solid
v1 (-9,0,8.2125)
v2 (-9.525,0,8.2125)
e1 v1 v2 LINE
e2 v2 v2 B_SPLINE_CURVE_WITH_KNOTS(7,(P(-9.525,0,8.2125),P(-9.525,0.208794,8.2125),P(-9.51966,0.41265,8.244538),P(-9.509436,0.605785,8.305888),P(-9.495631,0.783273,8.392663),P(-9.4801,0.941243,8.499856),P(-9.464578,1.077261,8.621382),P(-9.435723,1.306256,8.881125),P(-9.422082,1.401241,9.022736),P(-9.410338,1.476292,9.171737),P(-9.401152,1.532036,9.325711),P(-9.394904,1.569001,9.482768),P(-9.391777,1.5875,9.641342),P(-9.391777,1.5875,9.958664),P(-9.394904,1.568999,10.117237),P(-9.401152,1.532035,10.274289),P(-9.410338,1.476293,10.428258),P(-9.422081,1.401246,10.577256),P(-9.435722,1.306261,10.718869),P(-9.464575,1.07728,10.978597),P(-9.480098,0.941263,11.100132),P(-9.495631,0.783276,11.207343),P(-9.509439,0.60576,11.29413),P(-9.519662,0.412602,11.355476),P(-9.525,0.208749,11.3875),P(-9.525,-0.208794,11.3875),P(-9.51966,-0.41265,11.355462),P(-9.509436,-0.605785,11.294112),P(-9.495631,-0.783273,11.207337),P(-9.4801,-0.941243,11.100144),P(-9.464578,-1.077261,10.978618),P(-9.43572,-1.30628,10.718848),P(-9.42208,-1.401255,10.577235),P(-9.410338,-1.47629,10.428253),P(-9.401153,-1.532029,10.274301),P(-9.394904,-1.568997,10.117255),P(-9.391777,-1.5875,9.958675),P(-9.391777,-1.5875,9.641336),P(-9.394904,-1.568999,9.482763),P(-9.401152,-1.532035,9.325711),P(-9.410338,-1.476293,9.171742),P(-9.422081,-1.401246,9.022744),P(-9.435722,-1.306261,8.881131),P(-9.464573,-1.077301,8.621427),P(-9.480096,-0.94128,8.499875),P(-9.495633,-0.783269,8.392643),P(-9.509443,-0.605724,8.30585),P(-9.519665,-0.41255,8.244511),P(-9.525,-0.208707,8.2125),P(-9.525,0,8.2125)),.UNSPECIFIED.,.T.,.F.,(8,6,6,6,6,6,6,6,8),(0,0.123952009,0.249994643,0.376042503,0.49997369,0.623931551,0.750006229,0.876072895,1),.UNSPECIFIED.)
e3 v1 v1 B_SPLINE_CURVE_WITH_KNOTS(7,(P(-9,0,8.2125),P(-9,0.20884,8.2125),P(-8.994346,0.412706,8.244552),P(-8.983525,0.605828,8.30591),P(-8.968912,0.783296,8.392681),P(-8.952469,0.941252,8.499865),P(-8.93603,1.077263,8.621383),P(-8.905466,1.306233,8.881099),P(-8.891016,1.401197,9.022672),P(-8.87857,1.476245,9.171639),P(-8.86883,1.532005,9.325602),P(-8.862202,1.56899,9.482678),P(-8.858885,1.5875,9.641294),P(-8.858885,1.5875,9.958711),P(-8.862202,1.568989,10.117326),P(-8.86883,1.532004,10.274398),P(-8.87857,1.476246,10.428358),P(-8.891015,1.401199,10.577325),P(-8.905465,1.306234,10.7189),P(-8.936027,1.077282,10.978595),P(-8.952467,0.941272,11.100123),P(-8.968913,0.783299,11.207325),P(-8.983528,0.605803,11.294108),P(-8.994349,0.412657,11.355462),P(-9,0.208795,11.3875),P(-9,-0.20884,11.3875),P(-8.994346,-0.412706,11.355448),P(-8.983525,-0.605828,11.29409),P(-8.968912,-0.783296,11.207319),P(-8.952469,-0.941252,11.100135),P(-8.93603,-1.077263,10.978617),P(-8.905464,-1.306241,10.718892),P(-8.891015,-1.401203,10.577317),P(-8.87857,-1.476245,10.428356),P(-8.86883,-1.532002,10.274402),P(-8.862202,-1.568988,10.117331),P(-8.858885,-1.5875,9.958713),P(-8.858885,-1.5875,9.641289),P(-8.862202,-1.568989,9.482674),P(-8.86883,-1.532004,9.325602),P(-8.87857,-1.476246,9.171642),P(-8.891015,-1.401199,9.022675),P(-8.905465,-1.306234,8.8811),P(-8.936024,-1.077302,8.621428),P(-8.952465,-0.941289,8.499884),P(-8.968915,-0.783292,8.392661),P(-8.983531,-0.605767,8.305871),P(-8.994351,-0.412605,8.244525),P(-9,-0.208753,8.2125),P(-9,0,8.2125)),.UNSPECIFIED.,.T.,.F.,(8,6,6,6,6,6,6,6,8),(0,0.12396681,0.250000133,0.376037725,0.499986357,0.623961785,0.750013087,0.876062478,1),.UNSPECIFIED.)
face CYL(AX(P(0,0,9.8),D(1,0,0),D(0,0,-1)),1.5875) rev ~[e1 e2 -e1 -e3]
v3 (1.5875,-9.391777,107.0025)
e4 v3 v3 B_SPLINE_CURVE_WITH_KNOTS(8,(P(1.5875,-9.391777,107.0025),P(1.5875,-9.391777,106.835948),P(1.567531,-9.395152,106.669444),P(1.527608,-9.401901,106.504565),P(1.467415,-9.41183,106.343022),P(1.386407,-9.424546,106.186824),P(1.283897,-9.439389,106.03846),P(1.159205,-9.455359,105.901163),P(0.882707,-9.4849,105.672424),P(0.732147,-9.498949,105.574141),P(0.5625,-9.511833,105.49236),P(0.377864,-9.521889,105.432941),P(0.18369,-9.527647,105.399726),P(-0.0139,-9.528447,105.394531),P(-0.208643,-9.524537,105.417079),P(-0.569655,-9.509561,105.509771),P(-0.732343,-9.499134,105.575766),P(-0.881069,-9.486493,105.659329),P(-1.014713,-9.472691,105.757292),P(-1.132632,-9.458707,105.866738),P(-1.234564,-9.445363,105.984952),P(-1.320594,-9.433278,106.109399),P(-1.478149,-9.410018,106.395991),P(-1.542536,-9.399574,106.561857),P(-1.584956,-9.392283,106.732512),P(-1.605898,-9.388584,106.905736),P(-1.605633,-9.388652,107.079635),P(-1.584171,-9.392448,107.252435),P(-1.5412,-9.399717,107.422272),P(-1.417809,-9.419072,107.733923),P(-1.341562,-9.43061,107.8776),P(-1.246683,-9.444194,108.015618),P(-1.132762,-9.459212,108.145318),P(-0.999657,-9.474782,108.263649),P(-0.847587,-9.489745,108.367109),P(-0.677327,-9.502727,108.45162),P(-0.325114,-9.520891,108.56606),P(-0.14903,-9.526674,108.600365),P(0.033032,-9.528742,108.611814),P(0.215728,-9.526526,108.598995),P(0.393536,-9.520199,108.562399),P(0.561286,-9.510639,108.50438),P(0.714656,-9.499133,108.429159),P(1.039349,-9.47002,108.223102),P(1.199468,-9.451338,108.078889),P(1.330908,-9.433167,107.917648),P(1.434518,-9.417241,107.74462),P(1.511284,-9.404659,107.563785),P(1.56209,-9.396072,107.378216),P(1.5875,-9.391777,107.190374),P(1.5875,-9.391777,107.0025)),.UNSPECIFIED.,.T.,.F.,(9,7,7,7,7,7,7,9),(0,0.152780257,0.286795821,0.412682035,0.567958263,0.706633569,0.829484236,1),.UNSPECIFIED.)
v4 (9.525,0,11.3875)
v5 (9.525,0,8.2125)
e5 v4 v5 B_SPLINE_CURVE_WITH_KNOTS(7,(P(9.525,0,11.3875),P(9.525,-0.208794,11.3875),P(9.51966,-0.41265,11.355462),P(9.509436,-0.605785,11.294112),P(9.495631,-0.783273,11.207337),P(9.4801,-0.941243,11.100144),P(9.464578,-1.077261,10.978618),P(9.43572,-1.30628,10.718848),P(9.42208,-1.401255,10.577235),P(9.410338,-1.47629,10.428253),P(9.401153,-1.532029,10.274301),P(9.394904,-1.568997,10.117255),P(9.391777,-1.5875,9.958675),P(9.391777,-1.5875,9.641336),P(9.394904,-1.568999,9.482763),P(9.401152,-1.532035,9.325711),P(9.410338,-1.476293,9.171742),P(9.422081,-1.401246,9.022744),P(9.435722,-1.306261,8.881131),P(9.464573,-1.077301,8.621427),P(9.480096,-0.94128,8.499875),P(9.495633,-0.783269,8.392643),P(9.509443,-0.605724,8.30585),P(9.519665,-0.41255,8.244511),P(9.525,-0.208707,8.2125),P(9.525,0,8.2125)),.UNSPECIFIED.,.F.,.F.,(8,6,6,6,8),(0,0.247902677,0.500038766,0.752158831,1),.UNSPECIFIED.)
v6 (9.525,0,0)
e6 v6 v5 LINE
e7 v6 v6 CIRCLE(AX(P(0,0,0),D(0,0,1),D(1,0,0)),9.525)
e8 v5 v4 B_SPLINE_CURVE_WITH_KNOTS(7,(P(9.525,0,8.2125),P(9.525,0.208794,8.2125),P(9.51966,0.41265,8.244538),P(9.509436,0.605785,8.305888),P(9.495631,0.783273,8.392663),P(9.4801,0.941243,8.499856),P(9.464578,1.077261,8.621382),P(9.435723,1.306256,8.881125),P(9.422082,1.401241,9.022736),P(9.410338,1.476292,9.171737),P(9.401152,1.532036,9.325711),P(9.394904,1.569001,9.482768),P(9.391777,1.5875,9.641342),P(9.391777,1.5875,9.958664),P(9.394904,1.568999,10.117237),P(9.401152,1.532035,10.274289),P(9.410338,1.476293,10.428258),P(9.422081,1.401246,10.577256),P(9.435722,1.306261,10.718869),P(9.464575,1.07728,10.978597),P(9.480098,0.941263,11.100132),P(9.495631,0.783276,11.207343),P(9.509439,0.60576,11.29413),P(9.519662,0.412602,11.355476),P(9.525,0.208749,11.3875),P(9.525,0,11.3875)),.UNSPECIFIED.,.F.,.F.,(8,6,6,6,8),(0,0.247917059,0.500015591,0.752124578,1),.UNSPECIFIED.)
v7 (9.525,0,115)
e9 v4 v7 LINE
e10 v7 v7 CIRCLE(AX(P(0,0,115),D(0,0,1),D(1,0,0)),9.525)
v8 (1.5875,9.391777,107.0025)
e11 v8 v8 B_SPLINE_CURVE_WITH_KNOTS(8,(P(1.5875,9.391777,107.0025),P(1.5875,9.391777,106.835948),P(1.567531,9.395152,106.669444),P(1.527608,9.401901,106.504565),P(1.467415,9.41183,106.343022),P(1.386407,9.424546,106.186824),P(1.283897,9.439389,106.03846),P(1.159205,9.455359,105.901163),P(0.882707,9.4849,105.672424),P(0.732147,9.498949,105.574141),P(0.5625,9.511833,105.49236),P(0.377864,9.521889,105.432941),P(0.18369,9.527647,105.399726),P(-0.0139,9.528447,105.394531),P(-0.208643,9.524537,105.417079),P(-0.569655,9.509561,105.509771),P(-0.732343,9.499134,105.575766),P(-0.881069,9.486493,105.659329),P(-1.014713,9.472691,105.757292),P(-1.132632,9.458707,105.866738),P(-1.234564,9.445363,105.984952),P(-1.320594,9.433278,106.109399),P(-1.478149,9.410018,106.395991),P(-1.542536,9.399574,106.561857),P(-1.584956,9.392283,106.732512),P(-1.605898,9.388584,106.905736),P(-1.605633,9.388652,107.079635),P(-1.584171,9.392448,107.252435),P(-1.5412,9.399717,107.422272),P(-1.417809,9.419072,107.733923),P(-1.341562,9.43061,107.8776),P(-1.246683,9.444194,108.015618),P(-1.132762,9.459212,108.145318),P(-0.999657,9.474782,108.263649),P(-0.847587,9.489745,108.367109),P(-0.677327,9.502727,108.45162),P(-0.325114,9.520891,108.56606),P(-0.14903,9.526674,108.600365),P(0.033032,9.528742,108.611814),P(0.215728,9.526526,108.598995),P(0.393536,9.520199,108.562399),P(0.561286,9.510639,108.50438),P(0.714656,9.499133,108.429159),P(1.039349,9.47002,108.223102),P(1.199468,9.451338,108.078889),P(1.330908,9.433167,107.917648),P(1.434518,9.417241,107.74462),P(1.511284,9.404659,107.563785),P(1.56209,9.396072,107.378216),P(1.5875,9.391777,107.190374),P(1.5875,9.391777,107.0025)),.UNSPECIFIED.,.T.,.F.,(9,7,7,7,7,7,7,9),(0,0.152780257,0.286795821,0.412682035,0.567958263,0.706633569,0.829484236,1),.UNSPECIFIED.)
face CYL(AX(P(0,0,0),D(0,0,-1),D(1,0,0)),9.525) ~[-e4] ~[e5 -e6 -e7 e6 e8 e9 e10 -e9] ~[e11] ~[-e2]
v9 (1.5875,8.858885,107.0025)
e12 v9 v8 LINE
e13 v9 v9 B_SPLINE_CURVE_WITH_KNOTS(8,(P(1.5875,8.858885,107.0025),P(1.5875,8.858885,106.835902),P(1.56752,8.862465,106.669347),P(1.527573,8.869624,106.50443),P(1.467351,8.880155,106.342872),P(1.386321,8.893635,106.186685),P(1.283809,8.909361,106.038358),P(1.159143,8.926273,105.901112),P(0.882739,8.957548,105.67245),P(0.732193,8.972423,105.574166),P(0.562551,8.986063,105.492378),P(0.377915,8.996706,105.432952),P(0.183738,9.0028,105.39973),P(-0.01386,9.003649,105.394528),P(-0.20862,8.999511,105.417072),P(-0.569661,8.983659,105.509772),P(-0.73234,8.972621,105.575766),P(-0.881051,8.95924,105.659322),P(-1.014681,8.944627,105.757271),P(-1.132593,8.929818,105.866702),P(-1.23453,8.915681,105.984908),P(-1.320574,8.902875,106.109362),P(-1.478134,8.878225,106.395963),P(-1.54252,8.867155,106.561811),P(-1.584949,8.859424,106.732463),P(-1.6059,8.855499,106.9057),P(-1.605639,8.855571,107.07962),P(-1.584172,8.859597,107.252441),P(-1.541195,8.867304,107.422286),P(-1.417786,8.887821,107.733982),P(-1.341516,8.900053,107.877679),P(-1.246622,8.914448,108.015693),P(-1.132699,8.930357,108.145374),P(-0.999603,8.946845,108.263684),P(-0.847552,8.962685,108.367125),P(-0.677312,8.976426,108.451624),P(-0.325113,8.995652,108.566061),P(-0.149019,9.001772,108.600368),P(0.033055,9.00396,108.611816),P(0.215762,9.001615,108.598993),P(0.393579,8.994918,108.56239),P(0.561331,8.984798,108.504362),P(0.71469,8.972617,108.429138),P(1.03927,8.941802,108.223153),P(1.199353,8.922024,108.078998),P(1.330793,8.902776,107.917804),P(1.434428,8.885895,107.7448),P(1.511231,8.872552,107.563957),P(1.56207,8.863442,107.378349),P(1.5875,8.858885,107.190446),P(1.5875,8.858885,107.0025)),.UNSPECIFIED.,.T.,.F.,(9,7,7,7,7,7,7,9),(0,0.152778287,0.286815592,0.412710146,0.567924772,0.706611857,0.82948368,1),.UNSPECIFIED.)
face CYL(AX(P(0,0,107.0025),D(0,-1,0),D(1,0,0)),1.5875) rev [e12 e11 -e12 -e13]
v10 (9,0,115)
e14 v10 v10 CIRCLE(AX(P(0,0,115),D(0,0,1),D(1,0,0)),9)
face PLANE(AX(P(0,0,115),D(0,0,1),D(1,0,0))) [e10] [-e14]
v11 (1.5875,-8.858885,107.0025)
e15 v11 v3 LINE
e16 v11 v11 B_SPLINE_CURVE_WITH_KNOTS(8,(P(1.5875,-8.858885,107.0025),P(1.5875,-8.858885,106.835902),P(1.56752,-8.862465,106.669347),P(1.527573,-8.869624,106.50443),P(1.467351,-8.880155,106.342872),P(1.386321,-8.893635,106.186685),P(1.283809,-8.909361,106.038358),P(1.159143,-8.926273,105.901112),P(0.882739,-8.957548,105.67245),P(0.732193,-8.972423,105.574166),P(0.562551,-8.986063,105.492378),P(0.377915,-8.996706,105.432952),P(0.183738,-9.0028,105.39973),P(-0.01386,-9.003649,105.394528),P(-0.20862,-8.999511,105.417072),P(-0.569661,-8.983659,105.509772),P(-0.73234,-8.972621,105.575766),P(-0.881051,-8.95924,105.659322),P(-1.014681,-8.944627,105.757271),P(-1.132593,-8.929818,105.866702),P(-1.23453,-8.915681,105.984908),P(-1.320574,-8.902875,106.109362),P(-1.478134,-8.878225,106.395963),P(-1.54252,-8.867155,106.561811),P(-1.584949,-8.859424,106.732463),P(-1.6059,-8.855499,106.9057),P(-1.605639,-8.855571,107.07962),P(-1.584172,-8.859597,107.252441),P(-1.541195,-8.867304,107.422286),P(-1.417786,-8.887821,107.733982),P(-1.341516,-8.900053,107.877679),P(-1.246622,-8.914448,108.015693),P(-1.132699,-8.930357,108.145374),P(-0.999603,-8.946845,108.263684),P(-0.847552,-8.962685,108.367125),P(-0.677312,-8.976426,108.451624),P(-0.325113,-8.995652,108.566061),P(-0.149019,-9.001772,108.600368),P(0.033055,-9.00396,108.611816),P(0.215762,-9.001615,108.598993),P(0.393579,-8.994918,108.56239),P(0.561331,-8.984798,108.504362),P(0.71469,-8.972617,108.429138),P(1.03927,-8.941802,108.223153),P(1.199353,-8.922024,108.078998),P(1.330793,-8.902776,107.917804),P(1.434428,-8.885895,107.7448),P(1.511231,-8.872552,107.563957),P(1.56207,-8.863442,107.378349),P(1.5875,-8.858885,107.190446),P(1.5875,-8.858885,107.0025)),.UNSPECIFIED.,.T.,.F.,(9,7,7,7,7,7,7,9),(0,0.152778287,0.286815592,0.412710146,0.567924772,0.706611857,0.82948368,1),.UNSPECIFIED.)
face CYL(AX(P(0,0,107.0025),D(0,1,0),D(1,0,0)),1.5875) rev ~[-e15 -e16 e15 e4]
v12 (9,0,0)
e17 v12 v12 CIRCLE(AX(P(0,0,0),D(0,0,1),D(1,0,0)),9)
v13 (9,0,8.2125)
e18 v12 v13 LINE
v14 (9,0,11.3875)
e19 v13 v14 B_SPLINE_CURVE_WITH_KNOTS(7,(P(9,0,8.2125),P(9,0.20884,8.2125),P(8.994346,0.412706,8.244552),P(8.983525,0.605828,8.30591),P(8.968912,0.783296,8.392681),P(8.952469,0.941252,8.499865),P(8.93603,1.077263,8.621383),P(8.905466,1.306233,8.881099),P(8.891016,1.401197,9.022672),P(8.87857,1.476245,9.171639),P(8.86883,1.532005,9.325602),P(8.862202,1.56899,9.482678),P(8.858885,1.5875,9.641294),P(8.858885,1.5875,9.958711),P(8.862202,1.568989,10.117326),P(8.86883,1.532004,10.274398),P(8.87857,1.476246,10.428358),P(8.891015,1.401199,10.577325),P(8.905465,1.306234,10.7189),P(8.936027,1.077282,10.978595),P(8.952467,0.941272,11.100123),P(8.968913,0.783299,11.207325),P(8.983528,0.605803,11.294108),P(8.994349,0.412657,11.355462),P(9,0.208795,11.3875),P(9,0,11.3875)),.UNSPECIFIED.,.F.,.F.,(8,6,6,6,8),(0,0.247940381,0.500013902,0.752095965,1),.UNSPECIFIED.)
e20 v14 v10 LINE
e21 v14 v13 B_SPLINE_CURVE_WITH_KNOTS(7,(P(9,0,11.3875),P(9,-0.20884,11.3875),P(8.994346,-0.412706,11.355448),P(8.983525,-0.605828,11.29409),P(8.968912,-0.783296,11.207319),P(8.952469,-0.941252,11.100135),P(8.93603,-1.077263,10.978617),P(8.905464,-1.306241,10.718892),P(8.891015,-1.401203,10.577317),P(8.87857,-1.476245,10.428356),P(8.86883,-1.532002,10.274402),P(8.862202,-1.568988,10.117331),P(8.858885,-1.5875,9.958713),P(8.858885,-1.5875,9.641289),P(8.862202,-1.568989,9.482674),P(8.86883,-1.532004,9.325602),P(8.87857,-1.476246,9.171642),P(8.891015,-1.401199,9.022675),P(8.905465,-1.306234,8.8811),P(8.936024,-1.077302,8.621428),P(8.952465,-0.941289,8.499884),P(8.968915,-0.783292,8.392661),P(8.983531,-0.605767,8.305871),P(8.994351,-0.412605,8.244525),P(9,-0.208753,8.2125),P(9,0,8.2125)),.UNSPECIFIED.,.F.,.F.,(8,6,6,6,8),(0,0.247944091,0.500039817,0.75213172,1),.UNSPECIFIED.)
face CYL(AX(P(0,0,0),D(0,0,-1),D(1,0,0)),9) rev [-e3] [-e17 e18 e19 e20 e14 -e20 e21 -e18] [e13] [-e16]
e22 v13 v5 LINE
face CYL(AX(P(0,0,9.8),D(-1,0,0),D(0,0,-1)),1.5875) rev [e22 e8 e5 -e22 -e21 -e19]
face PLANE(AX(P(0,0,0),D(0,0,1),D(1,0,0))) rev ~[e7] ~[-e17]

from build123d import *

# Parameters (mm, degrees)
CROQUIS1_R                 = 9.525
CROQUIS1_R_2               = 9
SALIENTE_EXTRUIR1_DEPTH    = 115
CROQUIS2_R                 = 1.5875
CORTAR_EXTRUIR1_DEPTH      = 10.525
CORTAR_EXTRUIR1_DEPTH_BACK = 10.525
CROQUIS3_R                 = 1.5875
CORTAR_EXTRUIR2_DEPTH      = 10.5250001
CORTAR_EXTRUIR2_DEPTH_BACK = 10.5250001


with BuildPart() as part:
    # Croquis1 → Saliente-Extruir1 (new body)
    with BuildSketch(Plane.XY):
        Circle(CROQUIS1_R)
        Circle(CROQUIS1_R_2, mode=Mode.SUBTRACT)
    extrude(amount=SALIENTE_EXTRUIR1_DEPTH)

    # Croquis2 → Cortar-Extruir1 (cut, two sides)
    with BuildSketch(Plane(origin=(0, 0, 0), x_dir=(0, 0, -1), z_dir=(1, 0, 0))) as cortar_extruir1_sk:
        with Locations((-9.8, 0)):
            Circle(CROQUIS2_R)
    extrude(amount=CORTAR_EXTRUIR1_DEPTH, mode=Mode.SUBTRACT)
    extrude(cortar_extruir1_sk.sketch, amount=-CORTAR_EXTRUIR1_DEPTH_BACK, mode=Mode.SUBTRACT)

    # Croquis3 → Cortar-Extruir2 (cut, two sides)
    with BuildSketch(Plane(origin=(0, 0, 0), x_dir=(1, 0, 0), z_dir=(0, 1, 0))) as cortar_extruir2_sk:
        with Locations((0, -107.0025)):
            Circle(CROQUIS3_R)
    extrude(amount=CORTAR_EXTRUIR2_DEPTH, mode=Mode.SUBTRACT)
    extrude(cortar_extruir2_sk.sketch, amount=-CORTAR_EXTRUIR2_DEPTH_BACK, mode=Mode.SUBTRACT)


solid = part.part
